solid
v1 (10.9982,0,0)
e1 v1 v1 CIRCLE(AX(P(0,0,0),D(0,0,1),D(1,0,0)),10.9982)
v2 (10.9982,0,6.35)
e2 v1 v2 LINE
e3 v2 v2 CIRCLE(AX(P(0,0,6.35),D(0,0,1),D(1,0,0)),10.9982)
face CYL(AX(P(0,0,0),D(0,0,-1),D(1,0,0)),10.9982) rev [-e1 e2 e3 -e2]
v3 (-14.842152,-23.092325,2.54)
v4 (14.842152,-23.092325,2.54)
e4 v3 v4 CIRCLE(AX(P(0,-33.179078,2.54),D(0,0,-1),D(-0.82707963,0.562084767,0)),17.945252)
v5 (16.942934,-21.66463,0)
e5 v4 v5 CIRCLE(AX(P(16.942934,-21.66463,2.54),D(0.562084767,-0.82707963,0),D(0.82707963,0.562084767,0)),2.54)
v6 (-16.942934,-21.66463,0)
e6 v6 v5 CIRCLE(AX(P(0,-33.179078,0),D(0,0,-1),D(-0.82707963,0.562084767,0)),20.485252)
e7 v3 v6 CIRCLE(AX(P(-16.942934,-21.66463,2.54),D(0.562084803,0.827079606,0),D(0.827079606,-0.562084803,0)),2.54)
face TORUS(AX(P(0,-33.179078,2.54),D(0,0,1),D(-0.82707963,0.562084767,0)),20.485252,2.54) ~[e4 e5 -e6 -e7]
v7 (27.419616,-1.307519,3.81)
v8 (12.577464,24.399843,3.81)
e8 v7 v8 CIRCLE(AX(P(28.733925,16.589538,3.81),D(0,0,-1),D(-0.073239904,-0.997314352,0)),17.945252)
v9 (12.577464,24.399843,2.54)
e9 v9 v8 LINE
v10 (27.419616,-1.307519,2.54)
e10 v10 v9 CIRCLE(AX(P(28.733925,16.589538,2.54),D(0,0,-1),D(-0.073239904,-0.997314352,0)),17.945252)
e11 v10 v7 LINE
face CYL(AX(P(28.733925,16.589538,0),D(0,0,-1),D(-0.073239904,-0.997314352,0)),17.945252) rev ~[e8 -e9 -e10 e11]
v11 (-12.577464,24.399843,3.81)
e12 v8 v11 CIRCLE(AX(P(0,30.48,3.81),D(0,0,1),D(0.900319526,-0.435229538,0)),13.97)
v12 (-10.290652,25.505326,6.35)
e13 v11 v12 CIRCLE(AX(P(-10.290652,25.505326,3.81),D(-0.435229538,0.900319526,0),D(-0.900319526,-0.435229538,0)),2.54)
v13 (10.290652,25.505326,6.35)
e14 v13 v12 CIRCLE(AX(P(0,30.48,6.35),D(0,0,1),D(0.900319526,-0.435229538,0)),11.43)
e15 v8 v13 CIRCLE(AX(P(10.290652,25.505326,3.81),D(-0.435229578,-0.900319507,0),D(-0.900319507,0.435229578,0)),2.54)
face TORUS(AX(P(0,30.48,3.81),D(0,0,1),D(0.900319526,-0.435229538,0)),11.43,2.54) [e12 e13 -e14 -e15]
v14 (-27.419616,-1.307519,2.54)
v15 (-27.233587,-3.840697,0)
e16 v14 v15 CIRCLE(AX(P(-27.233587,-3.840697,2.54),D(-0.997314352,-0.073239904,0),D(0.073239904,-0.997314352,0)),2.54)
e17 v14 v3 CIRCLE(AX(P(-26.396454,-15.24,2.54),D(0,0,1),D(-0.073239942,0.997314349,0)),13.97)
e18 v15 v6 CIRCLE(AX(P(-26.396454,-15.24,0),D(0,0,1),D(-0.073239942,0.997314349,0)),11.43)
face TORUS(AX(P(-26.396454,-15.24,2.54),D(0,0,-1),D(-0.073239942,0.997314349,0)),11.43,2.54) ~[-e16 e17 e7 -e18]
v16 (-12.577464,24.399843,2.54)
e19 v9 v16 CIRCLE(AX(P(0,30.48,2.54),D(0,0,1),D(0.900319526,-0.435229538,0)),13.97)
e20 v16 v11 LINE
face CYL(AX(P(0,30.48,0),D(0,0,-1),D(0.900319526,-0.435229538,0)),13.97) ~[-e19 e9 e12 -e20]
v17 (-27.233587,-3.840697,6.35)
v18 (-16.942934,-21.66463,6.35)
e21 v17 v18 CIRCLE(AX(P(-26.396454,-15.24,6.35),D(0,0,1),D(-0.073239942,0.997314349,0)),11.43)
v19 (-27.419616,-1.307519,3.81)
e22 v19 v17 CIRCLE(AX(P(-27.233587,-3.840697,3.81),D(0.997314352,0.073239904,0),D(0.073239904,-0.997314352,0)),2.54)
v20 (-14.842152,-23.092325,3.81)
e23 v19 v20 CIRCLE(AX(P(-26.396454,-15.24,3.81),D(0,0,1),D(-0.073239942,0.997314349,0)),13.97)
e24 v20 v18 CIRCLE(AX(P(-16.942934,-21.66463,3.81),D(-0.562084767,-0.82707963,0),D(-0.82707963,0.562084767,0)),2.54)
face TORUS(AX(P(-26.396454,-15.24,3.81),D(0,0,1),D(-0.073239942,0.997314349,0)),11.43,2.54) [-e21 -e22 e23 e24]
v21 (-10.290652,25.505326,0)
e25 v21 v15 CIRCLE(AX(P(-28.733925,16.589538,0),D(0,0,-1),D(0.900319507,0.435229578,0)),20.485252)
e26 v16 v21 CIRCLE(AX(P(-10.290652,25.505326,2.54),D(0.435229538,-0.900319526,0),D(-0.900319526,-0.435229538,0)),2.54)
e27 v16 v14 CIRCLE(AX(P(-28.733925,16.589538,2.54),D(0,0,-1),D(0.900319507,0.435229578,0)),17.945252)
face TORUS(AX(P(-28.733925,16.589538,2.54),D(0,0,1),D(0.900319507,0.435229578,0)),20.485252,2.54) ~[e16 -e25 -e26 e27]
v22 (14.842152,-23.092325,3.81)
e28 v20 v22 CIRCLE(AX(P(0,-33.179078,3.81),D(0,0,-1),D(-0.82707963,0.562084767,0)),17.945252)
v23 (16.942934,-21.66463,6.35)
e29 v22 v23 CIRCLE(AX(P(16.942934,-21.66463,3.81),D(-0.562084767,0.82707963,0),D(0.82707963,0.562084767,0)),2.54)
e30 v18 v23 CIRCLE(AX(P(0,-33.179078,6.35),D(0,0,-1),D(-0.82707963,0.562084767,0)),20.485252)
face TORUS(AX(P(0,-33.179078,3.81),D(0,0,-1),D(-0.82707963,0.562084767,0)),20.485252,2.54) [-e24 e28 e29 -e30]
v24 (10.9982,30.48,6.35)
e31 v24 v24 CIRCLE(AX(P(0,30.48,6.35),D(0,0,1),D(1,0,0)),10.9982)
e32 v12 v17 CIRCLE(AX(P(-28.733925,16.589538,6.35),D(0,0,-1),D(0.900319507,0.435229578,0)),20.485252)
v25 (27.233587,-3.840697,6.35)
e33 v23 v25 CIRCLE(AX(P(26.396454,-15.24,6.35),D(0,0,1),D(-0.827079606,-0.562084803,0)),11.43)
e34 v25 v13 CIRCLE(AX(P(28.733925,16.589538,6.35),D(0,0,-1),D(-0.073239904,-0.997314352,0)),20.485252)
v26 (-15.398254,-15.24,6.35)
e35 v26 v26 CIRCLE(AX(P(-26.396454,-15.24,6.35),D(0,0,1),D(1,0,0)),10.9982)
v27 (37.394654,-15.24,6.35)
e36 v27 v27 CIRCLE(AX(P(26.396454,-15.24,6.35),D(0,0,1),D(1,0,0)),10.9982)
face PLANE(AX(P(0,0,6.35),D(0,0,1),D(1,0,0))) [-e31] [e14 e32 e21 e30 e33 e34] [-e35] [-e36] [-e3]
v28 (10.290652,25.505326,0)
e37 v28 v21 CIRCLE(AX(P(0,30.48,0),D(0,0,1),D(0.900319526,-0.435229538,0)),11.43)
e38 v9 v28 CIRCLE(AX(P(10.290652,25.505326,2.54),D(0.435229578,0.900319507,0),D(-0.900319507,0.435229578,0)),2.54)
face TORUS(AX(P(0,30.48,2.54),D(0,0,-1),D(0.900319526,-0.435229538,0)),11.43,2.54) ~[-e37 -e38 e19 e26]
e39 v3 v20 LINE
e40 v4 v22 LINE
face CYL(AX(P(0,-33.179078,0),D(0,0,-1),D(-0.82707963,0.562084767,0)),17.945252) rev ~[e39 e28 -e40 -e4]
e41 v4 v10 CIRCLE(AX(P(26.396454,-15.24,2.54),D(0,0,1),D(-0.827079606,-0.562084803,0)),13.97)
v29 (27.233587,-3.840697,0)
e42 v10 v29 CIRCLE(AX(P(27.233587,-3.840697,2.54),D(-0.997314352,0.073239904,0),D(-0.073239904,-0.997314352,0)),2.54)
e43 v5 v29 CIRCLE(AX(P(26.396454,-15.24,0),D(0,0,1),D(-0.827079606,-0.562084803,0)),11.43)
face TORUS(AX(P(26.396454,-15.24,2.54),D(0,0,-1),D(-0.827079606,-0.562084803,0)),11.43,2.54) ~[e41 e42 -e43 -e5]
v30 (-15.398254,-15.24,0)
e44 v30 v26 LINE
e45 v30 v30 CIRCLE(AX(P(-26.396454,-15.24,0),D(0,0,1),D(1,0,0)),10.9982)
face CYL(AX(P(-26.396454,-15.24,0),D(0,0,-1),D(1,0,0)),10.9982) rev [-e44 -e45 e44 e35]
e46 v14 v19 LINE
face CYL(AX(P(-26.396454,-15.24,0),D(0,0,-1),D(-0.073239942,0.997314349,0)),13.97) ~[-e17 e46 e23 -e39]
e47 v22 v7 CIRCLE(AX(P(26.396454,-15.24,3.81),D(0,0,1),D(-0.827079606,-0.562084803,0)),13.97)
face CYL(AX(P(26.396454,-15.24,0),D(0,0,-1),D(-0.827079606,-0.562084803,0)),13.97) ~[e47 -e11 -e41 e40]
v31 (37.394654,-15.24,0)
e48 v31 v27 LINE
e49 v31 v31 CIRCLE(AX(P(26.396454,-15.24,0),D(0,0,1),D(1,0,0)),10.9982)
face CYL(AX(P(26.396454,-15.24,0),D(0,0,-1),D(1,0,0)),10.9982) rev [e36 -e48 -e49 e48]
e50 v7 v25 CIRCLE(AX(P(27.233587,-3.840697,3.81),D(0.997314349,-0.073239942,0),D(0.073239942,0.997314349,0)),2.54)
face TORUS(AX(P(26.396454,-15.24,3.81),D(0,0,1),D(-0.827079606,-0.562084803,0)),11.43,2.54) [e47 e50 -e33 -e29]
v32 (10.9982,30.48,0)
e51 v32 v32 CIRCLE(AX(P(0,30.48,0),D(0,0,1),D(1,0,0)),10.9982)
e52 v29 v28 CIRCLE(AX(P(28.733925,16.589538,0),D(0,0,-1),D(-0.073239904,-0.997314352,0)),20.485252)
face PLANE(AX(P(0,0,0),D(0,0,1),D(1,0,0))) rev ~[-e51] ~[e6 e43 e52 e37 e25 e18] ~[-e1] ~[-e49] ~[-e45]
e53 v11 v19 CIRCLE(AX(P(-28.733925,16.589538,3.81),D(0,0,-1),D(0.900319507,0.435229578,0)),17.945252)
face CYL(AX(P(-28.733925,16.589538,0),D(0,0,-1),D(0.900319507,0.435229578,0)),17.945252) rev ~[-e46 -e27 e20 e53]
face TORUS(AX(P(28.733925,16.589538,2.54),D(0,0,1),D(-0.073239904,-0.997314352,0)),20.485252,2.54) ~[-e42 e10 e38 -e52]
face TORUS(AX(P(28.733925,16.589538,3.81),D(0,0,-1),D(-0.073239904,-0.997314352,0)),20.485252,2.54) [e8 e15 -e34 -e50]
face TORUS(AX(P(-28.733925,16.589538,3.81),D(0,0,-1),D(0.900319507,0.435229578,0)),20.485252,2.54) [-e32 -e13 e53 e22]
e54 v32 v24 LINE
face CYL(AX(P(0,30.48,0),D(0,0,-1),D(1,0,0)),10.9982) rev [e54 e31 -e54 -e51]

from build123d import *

# Parameters (mm, degrees)
F0_R     = 10.9982
F1_DEPTH = 6.35
F2_R     = 2.54


with BuildPart() as f1:
    # F0 (on Top) → F1 (new body)
    with BuildSketch(Plane.XY):
        with BuildLine():
            ThreePointArc((27.419616, -1.307519), (13.19288, 7.616913), (12.577464, 24.399843))
            ThreePointArc((12.577464, 24.399843), (0, 44.45), (-12.577464, 24.399843))
            ThreePointArc((-12.577464, 24.399843), (-13.19288, 7.616913), (-27.419616, -1.307519))
            ThreePointArc((-27.419616, -1.307519), (-38.494829, -22.225), (-14.842152, -23.092325))
            ThreePointArc((-14.842152, -23.092325), (0, -15.233826), (14.842152, -23.092325))
            ThreePointArc((14.842152, -23.092325), (38.494829, -22.225), (27.419616, -1.307519))
        make_face()
        with Locations((-26.396454, -15.24)):
            Circle(F0_R, mode=Mode.SUBTRACT)
        with Locations((26.396454, -15.24)):
            Circle(F0_R, mode=Mode.SUBTRACT)
        Circle(F0_R, mode=Mode.SUBTRACT)
        with Locations((0, 30.48)):
            Circle(F0_R, mode=Mode.SUBTRACT)
    extrude(amount=F1_DEPTH)

    # F2
    f2_edges = [f1.edges().sort_by_distance(p)[0] for p in [
        (0, -15.233826, 6.35),
        (13.19288, 7.616913, 0),
    ]]
    fillet(f2_edges, radius=F2_R)


solid = f1.part
